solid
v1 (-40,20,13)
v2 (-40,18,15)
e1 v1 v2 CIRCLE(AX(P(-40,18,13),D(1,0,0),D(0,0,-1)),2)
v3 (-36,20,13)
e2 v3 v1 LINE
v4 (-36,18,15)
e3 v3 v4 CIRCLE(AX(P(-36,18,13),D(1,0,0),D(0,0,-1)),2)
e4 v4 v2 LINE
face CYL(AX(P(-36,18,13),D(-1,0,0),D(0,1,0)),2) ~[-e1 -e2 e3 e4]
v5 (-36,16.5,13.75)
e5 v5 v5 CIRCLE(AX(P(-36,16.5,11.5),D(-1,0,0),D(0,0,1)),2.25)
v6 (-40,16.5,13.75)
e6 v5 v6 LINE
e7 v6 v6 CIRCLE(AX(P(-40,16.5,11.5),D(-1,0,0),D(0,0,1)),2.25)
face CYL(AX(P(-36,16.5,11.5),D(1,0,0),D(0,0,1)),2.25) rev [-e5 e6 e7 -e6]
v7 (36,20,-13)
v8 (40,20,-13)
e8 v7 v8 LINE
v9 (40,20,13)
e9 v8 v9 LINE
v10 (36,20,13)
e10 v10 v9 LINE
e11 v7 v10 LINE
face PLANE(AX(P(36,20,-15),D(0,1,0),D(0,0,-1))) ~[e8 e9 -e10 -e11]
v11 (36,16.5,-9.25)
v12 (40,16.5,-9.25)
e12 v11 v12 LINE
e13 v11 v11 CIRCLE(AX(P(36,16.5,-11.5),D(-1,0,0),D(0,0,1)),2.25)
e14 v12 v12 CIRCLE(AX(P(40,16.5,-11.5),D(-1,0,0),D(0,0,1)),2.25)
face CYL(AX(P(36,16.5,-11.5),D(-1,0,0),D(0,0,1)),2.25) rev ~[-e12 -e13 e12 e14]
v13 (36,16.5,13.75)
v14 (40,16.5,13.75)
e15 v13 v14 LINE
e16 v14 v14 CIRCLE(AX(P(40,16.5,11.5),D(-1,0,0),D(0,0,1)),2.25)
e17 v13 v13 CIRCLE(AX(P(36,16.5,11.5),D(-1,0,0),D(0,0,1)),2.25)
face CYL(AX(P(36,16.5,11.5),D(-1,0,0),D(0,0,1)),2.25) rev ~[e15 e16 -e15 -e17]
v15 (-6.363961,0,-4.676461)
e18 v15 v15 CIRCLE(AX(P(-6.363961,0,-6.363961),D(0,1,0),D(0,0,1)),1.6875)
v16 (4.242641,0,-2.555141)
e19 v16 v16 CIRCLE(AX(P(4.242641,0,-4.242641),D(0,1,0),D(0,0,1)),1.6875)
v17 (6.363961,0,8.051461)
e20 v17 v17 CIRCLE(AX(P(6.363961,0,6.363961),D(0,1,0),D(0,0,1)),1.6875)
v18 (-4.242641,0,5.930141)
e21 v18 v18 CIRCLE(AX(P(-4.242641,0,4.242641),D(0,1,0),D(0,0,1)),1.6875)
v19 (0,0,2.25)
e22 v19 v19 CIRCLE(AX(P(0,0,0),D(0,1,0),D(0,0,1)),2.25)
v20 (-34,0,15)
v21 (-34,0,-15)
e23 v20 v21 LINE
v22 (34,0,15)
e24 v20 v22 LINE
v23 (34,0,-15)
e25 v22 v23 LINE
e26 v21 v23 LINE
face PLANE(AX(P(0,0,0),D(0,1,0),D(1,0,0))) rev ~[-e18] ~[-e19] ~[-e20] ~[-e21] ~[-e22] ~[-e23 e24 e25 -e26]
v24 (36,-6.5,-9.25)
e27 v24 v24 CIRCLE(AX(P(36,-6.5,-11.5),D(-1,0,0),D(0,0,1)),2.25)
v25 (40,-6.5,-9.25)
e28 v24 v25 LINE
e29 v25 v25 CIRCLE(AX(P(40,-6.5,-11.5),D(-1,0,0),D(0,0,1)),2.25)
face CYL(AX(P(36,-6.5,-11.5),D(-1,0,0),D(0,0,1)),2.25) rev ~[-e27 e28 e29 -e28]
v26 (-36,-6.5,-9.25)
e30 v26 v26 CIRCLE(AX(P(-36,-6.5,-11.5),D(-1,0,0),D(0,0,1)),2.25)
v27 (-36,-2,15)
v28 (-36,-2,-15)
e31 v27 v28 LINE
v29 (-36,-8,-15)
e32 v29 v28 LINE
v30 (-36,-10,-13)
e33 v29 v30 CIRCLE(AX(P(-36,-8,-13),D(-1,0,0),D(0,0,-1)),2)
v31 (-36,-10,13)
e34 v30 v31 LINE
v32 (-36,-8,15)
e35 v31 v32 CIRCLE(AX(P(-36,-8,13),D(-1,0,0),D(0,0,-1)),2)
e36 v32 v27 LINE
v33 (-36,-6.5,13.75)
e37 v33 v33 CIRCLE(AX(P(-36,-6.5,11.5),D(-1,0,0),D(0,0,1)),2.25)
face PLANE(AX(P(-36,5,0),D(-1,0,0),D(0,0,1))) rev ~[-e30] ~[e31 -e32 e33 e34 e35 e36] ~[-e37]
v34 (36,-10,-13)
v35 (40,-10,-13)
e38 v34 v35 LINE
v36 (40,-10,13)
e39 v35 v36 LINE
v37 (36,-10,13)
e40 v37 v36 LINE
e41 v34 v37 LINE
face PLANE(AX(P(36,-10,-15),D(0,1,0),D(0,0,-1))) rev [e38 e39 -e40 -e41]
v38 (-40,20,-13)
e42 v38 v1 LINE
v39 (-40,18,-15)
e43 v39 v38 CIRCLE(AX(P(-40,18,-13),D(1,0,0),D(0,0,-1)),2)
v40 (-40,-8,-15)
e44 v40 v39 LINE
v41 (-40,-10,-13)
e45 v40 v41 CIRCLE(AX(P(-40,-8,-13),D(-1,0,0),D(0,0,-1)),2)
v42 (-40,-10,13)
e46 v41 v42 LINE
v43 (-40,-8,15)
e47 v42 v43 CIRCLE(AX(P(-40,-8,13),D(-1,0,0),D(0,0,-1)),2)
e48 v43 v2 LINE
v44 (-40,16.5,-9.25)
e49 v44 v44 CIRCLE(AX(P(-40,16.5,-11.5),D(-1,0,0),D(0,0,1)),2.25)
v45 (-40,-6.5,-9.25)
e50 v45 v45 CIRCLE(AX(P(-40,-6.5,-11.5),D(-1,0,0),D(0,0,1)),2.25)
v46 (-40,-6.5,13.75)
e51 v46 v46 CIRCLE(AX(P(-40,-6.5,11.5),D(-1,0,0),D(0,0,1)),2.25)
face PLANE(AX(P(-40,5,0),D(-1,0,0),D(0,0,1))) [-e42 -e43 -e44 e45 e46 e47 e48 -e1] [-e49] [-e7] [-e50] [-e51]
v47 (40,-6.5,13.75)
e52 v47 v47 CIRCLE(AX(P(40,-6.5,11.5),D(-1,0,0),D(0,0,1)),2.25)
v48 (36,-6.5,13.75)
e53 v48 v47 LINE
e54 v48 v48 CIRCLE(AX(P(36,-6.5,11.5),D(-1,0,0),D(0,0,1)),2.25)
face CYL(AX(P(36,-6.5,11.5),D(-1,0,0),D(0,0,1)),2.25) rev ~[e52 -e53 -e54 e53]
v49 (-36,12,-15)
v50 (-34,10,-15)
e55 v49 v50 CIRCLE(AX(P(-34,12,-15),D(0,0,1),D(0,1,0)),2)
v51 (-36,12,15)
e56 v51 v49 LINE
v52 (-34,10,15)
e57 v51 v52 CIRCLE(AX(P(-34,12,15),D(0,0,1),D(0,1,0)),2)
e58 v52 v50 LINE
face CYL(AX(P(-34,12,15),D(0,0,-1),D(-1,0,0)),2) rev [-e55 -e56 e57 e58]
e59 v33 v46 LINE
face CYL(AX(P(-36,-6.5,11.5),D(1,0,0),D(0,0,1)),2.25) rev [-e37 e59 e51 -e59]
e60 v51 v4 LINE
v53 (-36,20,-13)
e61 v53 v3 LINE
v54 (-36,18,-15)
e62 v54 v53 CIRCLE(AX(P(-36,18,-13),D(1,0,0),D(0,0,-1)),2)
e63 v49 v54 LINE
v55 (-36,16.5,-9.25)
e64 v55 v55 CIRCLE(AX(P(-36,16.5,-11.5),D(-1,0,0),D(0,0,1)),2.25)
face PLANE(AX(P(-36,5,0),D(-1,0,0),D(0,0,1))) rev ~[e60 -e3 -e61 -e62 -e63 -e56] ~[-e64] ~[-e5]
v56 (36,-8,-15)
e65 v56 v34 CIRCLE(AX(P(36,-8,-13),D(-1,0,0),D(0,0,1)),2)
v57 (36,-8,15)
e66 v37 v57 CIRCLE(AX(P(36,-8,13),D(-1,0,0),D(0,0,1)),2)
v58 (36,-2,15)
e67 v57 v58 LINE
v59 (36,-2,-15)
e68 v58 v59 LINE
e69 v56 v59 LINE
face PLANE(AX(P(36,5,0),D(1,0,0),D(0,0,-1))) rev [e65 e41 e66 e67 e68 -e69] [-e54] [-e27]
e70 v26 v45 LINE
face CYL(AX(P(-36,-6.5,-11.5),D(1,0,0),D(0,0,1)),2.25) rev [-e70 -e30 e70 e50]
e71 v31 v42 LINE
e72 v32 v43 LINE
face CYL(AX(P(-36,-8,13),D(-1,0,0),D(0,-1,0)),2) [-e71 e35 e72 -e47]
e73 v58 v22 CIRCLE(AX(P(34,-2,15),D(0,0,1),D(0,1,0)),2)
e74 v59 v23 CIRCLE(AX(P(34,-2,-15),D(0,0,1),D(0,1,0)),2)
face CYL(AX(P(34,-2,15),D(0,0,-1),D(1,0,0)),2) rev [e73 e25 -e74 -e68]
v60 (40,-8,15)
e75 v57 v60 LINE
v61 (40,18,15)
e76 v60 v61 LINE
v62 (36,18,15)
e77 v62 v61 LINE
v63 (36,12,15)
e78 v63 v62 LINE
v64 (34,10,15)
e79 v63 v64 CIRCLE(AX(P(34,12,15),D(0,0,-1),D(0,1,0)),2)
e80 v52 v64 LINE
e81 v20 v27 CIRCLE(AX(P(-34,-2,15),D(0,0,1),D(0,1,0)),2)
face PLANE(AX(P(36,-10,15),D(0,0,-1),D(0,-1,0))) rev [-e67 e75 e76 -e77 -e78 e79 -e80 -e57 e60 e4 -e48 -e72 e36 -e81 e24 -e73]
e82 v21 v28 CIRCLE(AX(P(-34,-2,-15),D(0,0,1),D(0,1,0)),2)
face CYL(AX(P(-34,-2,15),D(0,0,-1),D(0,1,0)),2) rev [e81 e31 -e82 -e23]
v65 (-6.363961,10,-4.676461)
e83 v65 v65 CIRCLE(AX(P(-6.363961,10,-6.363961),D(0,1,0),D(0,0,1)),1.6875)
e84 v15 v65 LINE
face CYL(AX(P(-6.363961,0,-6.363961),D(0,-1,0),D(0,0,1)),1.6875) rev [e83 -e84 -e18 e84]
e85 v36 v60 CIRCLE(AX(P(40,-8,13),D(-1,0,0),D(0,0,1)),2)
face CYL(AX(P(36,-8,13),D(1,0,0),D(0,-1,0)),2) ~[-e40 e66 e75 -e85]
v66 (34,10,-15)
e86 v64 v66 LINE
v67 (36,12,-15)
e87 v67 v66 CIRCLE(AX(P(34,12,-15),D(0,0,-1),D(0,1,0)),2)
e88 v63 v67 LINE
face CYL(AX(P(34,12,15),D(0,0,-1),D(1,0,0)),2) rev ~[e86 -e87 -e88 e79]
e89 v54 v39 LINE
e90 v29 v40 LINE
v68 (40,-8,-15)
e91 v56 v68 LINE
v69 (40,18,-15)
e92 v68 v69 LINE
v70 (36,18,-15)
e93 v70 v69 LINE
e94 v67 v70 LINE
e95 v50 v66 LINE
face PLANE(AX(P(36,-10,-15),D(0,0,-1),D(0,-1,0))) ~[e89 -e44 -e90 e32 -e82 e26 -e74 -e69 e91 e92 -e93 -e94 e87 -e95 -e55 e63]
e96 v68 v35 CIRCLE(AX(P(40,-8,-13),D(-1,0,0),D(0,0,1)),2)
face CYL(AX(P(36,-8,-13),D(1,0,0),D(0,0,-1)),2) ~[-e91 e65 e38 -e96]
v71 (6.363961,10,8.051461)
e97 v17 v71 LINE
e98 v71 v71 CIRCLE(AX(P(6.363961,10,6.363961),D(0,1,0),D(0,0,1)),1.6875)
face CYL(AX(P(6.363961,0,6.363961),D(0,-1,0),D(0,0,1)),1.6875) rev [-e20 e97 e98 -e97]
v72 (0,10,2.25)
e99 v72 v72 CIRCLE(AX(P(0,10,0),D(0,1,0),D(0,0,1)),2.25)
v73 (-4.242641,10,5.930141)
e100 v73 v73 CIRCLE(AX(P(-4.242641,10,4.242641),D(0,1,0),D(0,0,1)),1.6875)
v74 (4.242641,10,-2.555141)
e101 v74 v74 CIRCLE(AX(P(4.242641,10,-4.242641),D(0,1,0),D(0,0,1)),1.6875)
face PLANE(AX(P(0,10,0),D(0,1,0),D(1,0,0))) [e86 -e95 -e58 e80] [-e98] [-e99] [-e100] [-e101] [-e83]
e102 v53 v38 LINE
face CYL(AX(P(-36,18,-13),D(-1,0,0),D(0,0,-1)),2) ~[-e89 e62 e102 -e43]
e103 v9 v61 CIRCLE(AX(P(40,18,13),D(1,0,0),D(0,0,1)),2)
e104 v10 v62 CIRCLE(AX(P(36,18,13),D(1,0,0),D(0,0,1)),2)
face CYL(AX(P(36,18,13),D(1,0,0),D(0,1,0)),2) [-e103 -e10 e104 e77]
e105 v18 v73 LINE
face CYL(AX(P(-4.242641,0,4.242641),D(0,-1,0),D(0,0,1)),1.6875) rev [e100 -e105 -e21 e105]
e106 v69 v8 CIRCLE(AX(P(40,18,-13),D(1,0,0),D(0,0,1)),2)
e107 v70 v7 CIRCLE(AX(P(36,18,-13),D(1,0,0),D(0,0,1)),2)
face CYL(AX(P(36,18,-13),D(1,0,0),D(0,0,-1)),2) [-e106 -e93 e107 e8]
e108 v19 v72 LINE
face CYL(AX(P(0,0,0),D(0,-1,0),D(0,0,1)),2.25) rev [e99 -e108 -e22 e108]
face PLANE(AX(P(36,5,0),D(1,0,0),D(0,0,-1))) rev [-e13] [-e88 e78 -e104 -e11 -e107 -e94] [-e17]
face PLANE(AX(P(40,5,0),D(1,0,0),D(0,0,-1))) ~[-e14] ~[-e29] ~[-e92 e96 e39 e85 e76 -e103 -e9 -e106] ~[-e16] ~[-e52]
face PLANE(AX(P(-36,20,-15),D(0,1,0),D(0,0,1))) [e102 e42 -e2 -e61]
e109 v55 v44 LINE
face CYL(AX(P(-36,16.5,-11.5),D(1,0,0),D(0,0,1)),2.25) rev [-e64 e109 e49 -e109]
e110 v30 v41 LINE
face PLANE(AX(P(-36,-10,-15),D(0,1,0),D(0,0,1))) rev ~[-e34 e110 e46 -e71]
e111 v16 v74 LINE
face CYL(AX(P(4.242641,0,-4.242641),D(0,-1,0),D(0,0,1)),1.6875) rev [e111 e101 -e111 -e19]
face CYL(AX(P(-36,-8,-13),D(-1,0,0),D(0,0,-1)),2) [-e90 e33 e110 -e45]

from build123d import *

# Parameters (mm, degrees)
SKETCH2_W           = 72
SKETCH2_H           = 30
SKETCH2_R           = 2.25
SKETCH2_R_2         = 1.6875
BOSS_EXTRUDE1_DEPTH = 10
SKETCH3_W           = 30
SKETCH3_H           = 30
SKETCH3_R           = 2.25
BOSS_EXTRUDE2_DEPTH = 4
FILLET1_R           = 2
FILLET2_R           = 2


with BuildPart() as part:
    # Sketch2 → Boss-Extrude1 (new body)
    with BuildSketch(Plane(origin=(0, 0, 0), x_dir=(1, 0, 0), z_dir=(0, 1, 0))):
        Rectangle(SKETCH2_W, SKETCH2_H)
        with Locations(Location((0, 0, 0), (0, 0, 270))):
            Circle(SKETCH2_R, mode=Mode.SUBTRACT)
        with Locations(Location((-6.363961031, 6.363961031, 0), (0, 0, 270))):
            Circle(SKETCH2_R_2, mode=Mode.SUBTRACT)
        with Locations(Location((6.363961031, -6.363961031, 0), (0, 0, 270))):
            Circle(SKETCH2_R_2, mode=Mode.SUBTRACT)
        with Locations(Location((4.242640687, 4.242640687, 0), (0, 0, 270))):
            Circle(SKETCH2_R_2, mode=Mode.SUBTRACT)
        with Locations(Location((-4.242640687, -4.242640687, 0), (0, 0, 270))):
            Circle(SKETCH2_R_2, mode=Mode.SUBTRACT)
    extrude(amount=BOSS_EXTRUDE1_DEPTH)

    # Sketch3 → Boss-Extrude2 (add)
    with BuildSketch(Plane.ZY.offset(36)):
        with Locations((0, 5)):
            Rectangle(SKETCH3_W, SKETCH3_H)
        with Locations((-11.5, 16.5)):
            Circle(SKETCH3_R, mode=Mode.SUBTRACT)
        with Locations((-11.5, -6.5)):
            Circle(SKETCH3_R, mode=Mode.SUBTRACT)
        with Locations((11.5, -6.5)):
            Circle(SKETCH3_R, mode=Mode.SUBTRACT)
        with Locations((11.5, 16.5)):
            Circle(SKETCH3_R, mode=Mode.SUBTRACT)
    boss_extrude2 = extrude(amount=BOSS_EXTRUDE2_DEPTH)

    # Mirror1: Boss-Extrude2 across plane
    add(boss_extrude2.mirror(Plane(origin=(0, 0, 0), x_dir=(0, 0, 1), z_dir=(1, 0, 0))))

    # Fillet1
    fillet1_edges = [part.edges().sort_by_distance(p)[0] for p in [
        (-36, 10, 0),
        (-36, 0, 0),
        (36, 0, 0),
        (36, 10, 0),
    ]]
    fillet(fillet1_edges, radius=FILLET1_R)

    # Fillet2
    fillet2_edges = [part.edges().sort_by_distance(p)[0] for p in [
        (-38, 20, 15),
        (-38, 20, -15),
        (-38, -10, -15),
        (-38, -10, 15),
        (38, 20, -15),
        (38, 20, 15),
        (38, -10, 15),
        (38, -10, -15),
    ]]
    fillet(fillet2_edges, radius=FILLET2_R)


solid = part.part
